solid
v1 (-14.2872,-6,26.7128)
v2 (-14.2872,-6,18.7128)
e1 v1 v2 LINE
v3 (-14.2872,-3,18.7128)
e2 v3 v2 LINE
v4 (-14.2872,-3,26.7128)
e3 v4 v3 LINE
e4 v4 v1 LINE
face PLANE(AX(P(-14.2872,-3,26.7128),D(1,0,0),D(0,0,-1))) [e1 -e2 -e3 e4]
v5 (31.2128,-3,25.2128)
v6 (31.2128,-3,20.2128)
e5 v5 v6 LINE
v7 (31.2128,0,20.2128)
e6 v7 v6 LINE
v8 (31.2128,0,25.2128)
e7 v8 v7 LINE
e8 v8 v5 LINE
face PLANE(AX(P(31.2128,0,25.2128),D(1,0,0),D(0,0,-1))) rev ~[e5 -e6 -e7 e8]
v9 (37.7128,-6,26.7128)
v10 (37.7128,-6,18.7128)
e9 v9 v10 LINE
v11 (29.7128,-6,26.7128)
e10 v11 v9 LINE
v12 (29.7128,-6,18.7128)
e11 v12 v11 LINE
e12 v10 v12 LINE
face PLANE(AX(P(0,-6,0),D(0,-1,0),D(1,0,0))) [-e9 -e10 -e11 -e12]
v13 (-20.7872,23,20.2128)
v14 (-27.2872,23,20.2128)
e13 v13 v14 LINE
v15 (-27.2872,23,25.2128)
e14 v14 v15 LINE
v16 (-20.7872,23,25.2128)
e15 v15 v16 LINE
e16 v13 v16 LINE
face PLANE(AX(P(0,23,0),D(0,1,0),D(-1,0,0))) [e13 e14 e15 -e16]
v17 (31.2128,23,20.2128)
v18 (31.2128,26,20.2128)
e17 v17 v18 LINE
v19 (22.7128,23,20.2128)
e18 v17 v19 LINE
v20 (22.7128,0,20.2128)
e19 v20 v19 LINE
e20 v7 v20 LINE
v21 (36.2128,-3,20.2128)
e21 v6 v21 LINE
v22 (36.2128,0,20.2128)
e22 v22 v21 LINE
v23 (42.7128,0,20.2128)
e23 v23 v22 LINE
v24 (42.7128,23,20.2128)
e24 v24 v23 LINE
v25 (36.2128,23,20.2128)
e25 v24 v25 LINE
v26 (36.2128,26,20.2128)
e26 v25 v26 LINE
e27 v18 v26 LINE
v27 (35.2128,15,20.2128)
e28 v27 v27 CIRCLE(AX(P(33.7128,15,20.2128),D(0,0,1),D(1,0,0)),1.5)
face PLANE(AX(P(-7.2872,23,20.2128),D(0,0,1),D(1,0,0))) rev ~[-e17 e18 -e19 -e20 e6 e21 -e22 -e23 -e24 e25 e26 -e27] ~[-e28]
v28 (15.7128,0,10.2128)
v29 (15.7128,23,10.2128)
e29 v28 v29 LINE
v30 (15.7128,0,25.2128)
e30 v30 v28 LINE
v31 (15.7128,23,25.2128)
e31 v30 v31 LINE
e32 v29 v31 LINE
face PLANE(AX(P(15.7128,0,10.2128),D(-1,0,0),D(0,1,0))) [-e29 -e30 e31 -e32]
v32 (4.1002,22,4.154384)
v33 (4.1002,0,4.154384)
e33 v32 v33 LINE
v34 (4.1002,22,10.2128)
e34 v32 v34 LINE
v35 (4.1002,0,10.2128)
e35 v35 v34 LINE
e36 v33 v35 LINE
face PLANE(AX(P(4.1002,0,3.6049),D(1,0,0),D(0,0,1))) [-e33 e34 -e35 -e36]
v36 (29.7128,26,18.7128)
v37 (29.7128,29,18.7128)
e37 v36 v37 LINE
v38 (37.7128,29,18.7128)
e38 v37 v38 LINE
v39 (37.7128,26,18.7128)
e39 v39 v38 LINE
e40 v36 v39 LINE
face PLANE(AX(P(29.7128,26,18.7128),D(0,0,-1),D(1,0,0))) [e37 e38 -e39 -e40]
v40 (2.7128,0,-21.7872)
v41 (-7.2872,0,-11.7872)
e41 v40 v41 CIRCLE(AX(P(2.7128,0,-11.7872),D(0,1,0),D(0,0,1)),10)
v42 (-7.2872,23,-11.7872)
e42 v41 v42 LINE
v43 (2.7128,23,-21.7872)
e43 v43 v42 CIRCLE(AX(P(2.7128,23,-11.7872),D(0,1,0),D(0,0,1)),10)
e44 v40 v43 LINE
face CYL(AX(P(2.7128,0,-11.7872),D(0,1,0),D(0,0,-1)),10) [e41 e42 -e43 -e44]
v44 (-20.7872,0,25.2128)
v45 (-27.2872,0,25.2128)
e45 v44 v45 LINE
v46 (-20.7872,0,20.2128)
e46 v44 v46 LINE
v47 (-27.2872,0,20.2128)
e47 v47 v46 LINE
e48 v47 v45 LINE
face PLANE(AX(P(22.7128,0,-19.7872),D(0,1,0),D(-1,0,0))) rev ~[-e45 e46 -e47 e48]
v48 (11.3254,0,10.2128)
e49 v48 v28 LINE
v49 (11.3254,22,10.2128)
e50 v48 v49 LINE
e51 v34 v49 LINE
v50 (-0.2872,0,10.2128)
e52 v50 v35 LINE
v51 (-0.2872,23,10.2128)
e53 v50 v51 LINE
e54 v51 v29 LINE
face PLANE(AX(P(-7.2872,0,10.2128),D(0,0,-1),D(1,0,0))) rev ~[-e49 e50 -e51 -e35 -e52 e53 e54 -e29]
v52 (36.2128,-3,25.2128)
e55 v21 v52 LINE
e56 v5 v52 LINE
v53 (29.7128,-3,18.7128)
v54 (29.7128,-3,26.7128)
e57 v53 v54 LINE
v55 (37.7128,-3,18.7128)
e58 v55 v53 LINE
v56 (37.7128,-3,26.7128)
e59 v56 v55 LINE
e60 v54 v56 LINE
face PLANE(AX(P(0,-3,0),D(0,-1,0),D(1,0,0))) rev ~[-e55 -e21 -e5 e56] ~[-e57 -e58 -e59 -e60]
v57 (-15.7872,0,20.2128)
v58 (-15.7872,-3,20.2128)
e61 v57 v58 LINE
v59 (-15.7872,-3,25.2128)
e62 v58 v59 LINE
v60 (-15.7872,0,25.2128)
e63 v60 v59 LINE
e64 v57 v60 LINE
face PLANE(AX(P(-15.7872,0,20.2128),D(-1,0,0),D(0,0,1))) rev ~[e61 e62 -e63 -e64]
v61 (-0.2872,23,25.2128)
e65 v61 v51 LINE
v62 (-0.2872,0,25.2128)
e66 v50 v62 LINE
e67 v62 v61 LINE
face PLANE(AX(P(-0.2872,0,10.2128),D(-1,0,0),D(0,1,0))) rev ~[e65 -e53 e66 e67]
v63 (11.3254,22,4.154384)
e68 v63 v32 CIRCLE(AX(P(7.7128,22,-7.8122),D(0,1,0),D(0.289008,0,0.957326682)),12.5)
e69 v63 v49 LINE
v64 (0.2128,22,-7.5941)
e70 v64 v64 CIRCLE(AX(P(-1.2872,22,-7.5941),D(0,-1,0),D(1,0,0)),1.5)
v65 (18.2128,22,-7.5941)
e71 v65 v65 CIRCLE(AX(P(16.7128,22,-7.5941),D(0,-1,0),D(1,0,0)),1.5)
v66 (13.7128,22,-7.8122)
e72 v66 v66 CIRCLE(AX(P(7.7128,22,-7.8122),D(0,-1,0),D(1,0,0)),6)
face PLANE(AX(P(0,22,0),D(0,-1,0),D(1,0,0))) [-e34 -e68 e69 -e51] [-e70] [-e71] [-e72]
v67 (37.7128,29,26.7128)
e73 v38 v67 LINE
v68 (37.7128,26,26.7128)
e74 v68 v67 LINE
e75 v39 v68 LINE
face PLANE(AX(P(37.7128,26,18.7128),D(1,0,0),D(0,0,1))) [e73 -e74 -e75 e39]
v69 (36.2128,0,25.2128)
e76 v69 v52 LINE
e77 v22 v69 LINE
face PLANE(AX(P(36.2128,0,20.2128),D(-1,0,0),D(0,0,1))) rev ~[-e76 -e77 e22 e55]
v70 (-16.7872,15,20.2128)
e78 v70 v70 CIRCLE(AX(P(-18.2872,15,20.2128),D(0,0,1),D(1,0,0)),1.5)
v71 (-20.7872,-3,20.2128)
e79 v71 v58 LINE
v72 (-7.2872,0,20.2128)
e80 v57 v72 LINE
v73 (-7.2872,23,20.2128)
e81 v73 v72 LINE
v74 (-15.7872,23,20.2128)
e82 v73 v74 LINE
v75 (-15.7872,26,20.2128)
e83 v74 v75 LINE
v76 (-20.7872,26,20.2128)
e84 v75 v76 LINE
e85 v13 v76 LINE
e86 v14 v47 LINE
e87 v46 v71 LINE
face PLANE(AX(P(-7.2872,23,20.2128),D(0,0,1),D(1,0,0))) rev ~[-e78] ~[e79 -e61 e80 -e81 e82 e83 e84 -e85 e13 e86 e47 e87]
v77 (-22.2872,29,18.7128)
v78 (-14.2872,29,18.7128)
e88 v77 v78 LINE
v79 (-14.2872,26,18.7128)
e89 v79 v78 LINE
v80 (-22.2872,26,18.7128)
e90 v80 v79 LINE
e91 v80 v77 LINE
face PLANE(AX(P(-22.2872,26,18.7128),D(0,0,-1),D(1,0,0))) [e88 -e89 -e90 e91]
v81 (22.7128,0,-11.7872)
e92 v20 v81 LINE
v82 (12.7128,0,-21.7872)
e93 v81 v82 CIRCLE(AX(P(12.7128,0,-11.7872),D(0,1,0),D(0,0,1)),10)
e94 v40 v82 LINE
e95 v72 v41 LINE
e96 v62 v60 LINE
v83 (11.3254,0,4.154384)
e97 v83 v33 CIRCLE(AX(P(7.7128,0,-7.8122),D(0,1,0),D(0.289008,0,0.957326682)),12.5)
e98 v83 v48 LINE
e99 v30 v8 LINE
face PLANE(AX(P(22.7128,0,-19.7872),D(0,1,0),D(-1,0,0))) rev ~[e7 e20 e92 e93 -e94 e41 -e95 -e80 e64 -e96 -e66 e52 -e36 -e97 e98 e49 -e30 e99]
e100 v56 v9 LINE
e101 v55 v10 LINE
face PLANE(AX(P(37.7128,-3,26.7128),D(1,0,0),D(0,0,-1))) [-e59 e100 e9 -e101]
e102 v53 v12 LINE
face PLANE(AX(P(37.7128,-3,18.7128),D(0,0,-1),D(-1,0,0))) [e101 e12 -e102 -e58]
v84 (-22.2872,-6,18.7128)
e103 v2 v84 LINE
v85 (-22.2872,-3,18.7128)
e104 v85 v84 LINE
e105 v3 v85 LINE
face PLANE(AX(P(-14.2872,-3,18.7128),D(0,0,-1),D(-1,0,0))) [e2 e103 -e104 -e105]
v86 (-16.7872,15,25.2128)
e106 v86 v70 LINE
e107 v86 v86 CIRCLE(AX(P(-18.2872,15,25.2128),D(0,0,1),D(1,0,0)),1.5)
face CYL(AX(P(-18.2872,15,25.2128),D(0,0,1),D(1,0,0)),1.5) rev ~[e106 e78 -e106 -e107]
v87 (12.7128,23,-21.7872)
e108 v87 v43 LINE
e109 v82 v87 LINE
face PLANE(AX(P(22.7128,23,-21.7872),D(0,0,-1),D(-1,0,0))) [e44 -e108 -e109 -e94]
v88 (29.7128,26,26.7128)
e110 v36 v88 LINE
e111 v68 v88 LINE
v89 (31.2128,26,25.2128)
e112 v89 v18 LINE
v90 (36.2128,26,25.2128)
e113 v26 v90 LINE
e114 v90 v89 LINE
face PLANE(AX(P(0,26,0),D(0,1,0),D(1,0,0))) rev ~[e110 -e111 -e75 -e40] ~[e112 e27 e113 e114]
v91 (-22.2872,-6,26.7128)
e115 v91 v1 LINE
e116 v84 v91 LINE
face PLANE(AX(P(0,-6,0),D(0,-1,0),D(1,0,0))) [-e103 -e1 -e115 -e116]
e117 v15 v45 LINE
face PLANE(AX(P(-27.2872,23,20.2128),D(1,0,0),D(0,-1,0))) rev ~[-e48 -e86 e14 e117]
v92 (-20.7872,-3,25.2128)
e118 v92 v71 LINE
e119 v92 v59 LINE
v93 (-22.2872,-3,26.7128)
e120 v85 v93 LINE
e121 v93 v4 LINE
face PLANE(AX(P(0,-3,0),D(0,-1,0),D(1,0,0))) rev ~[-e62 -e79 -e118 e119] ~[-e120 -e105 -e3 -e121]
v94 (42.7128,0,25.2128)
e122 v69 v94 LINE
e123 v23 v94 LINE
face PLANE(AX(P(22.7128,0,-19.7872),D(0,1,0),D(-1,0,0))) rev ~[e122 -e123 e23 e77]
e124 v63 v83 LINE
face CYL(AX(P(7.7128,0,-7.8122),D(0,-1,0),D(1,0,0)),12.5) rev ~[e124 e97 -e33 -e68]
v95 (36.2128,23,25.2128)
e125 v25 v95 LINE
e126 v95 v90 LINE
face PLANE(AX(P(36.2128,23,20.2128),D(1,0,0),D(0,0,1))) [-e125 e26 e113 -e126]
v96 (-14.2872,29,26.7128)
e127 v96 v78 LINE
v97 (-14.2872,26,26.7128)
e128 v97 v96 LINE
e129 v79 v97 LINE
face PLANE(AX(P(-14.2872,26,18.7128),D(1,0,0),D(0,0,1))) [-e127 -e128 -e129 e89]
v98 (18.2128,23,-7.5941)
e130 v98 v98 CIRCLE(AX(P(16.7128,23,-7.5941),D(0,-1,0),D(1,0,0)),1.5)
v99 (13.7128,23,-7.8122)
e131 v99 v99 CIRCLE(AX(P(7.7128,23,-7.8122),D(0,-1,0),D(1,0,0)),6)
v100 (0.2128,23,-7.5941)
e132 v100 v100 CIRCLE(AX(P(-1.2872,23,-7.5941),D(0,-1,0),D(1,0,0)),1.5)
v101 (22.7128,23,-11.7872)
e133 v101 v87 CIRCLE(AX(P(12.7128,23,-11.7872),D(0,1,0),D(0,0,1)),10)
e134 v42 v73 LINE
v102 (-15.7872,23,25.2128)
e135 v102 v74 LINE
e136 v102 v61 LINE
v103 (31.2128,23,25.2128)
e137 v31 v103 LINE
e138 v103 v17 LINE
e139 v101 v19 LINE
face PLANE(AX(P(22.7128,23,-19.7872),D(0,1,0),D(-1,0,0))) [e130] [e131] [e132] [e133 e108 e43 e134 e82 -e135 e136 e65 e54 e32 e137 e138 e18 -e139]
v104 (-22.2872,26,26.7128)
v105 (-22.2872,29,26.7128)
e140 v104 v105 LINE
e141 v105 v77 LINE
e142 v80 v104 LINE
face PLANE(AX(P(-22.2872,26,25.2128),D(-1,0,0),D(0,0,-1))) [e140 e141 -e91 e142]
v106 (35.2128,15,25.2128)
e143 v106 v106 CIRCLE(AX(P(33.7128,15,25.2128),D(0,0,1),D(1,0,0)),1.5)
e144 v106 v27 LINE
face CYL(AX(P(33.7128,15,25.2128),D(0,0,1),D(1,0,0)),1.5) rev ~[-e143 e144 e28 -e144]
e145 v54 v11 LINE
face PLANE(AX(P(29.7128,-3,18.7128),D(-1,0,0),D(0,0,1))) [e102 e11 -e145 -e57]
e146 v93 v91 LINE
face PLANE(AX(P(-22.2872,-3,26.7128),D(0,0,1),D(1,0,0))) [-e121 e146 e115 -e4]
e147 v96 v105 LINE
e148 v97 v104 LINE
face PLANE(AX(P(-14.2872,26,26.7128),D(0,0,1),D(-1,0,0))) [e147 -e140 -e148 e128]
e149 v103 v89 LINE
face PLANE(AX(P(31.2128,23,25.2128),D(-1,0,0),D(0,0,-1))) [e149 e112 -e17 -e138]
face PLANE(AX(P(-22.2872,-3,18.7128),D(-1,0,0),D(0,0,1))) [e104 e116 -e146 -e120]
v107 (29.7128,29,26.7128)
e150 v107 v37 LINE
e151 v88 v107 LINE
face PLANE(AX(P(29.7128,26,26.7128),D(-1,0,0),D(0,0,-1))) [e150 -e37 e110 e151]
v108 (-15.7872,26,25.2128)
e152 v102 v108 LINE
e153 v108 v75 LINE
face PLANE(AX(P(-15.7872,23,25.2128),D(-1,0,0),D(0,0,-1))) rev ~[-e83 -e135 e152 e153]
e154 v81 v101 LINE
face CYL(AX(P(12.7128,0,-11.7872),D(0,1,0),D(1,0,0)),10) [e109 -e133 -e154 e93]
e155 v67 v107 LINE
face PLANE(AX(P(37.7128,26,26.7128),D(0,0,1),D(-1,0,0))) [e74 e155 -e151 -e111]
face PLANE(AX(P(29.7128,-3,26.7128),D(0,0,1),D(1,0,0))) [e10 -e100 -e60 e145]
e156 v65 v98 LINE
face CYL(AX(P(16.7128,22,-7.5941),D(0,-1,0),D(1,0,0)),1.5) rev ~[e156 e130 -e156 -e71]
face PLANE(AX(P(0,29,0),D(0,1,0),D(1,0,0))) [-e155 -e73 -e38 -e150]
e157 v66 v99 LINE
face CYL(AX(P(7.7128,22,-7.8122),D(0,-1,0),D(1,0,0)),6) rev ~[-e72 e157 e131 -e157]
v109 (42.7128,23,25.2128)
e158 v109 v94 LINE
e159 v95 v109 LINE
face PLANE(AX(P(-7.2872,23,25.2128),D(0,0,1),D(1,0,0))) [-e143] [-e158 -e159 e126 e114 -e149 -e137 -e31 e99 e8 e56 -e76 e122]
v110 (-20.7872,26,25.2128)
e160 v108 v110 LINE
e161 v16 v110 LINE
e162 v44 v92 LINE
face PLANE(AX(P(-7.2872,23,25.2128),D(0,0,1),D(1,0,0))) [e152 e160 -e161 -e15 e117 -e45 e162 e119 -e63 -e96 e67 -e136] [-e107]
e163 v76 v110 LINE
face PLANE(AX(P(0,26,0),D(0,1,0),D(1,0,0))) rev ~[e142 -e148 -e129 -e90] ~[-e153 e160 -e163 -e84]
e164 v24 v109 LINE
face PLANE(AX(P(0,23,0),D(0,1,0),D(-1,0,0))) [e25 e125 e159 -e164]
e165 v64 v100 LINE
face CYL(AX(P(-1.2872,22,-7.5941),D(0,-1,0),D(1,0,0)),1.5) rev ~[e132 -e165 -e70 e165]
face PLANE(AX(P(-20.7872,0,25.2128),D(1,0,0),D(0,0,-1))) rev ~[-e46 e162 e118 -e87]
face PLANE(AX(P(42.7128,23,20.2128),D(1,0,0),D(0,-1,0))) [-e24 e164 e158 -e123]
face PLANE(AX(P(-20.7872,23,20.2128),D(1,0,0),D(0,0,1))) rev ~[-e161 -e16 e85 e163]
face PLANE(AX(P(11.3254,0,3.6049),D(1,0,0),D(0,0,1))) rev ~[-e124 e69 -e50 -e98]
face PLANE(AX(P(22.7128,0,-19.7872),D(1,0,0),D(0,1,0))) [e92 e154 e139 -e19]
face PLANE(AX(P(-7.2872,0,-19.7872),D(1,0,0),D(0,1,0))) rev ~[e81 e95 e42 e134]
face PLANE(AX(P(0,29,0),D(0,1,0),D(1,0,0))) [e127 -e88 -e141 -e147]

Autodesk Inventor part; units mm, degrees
ref_plane "YZ Plane" through (0, 0, 0) normal (1, 0, 0) x (0, 1, 0)
ref_plane "XZ Plane" through (0, 0, 0) normal (0, 1, 0) x (-1, 0, 0)
ref_plane "XY Plane" through (0, 0, 0) normal (0, 0, 1) x (1, 0, 0)
sketch "Esquisse1" plane through (0, 0, 0) normal (0, 1, 0) x (-1, 0, 0)
  line L0 (7.2872, 10.2128) -> (-22.7128, 10.2128)
  line L1 (-22.7128, 10.2128) -> (-22.7128, -19.7872)
  line L2 (-22.7128, -19.7872) -> (7.2872, -19.7872)
  line L3 (7.2872, -19.7872) -> (7.2872, 10.2128)
  point P0 (0, 0)
  dimension "d0" = 30
  dimension "d1" = 30
extrude "Extrusion1" add sketch "Esquisse1" along normal blind 23
ref_plane "Plan médian" through (7.7128, 0, 10.2128) normal (1, 0, 0) x (0, 0, -1)
sketch "Esquisse4" plane through (0, 0, 0) normal (0, -1, 0) x (1, 0, 0)
  circle A0 centre (7.7128, -7.8122) radius 11.975 projected
  line L0 (-7.2872, 10.2128) -> (22.7128, 10.2128) projected
  line L1 (4.1002, 3.6049) -> (4.1002, 10.2128)
  line L2 (11.3254, 3.6049) -> (11.3254, 10.2128)
  point P0 (0, 0)
extrude "Extrusion2" cut sketch "Esquisse4" against normal blind 22
sketch "Esquisse5" plane through (0, 22, 0) normal (0, -1, 0) x (1, 0, 0)
  circle A0 centre (7.7128, -7.8122) radius 6 projected
  circle A1 centre (16.7128, -7.5941) radius 1.5
  circle A2 centre (-1.2872, -7.5941) radius 1.5
  point P0 (0, 0)
  dimension "d66" = 3
  dimension "d67" = 3
  dimension "d68" = 9
  dimension "d69" = 9
extrude "Extrusion3" cut sketch "Esquisse5" against normal through all
sketch "Esquisse6" plane through (-7.2872, 23, 10.2128) normal (0, 0, 1) x (1, 0, 0)
  line L0 (0, -23) -> (11.3874, -23) projected
  line L1 (5.9558, 0) -> (8.4558, 0) projected
  line L2 (0, -23) -> (7, -23)
  line L3 (7, -23) -> (7, 0)
  line L4 (7, 0) -> (0, 0)
  line L5 (0, 0) -> (0, -23)
  line L6 (30, -23) -> (30, 0) projected
  line L7 (0, 0) -> (30, 0) projected
  line L8 (30, -23) -> (23, -23)
  line L9 (23, -23) -> (23, 0)
  line L10 (23, 0) -> (30, 0)
  line L11 (30, 0) -> (30, -23)
  point P0 (7.2872, -23)
  point P1 (12, -23)
  point P2 (11.5355, -23)
  dimension "d8" = 7
  dimension "d9" = 7
extrude "Extrusion4" add sketch "Esquisse6" along normal blind 10
sketch "Esquisse7" plane through (-7.2872, 23, 20.2128) normal (0, 0, 1) x (1, 0, 0)
  line L0 (7, 0) -> (-20, 0)
  line L1 (-20, 0) -> (-20, -23)
  line L2 (-20, -23) -> (7, -23)
  line L3 (7, -23) -> (7, 0)
  line L4 (30, 0) -> (0, 0) projected
  line L5 (23, 0) -> (50, 0)
  line L6 (50, 0) -> (50, -23)
  line L7 (50, -23) -> (23, -23)
  line L8 (23, -23) -> (23, 0)
  line L9 (0, 0) -> (0, -23) projected
  line L10 (30, -23) -> (30, 0) projected
  point P0 (7.2872, -23)
  dimension "d12" = 20
  dimension "d13" = 20
extrude "Extrusion5" add sketch "Esquisse7" along normal blind 5
sketch "Esquisse8" plane through (0, 23, 0) normal (0, 1, 0) x (1, 0, 0)
  line L0 (36.2128, -25.2128) -> (31.2128, -25.2128)
  line L1 (31.2128, -25.2128) -> (31.2128, -20.2128)
  line L2 (31.2128, -20.2128) -> (36.2128, -20.2128)
  line L3 (36.2128, -20.2128) -> (36.2128, -25.2128)
  line L4 (42.7128, -20.2128) -> (42.7128, -25.2128) projected
  line L5 (42.7128, -20.2128) -> (22.7128, -20.2128) projected
  line L6 (-0.2872, -25.2128) -> (-27.2872, -25.2128) projected
  line L7 (-27.2872, -20.2128) -> (-27.2872, -25.2128) projected
  line L8 (-20.7872, -25.2128) -> (-15.7872, -25.2128)
  line L9 (-15.7872, -25.2128) -> (-15.7872, -20.2128)
  line L10 (-15.7872, -20.2128) -> (-20.7872, -20.2128)
  line L11 (-20.7872, -20.2128) -> (-20.7872, -25.2128)
  line L12 (-7.2872, -20.2128) -> (-27.2872, -20.2128) projected
  point P0 (0, 0)
  point P1 (-0.4939, -25.2128)
  dimension "d16" = 6.5
  dimension "d17" = 5
  dimension "d18" = 5
  dimension "d19" = 0
  dimension "d53" = 5
  dimension "d54" = 5
  dimension "d55" = 0
  dimension "d57" = 6.5
extrude "Extrusion6" add sketch "Esquisse8" along normal blind 3 contours L0 L1 L2 L3 | L6 L11 L10 L9
sketch "Esquisse9" plane through (0, 26, 0) normal (0, 1, 0) x (1, 0, 0)
  line L0 (37.7128, -26.7128) -> (29.7128, -26.7128)
  line L1 (29.7128, -26.7128) -> (29.7128, -18.7128)
  line L2 (29.7128, -18.7128) -> (37.7128, -18.7128)
  line L3 (37.7128, -18.7128) -> (37.7128, -26.7128)
  line L4 (42.7128, -20.2128) -> (42.7128, -25.2128) projected
  line L5 (-27.2872, -25.2128) -> (-0.2872, -25.2128) projected
  line L6 (-27.2872, -20.2128) -> (-27.2872, -25.2128) projected
  line L7 (31.2128, -25.2128) -> (15.7128, -25.2128) projected
  line L8 (-14.2872, -26.7128) -> (-22.2872, -26.7128)
  line L9 (-22.2872, -26.7128) -> (-22.2872, -18.7128)
  line L10 (-22.2872, -18.7128) -> (-14.2872, -18.7128)
  line L11 (-14.2872, -18.7128) -> (-14.2872, -26.7128)
  point P0 (0, 0)
  point P1 (-13.7872, -25.2128)
  dimension "d25" = 8
  dimension "d26" = 5
  dimension "d59" = 8
  dimension "d60" = 1.5
  dimension "d62" = 5
  dimension "d63" = 1.5
  dimension "d64" = 8
  dimension "d65" = 8
extrude "Extrusion7" add sketch "Esquisse9" along normal blind 3
sketch "Esquisse10" plane through (22.7128, 23, -19.7872) normal (0, 0, -1) x (-1, 0, 0)
  line L0 (0, -23) -> (15, -23) projected
  line L1 (15, -23) -> (15, -1) projected
  line L2 (15, -23) -> (30, -23) projected
  line L3 (30, -23) -> (30, 0) projected
  line L4 (0, 0) -> (30, 0) projected
  line L5 (0, -23) -> (0, 0) projected
  line L6 (0, 0) -> (30, 0)
  line L7 (30, 0) -> (30, -23)
  line L8 (30, -23) -> (0, -23)
  line L9 (0, -23) -> (0, 0)
  point P0 (22.7128, -23)
extrude "Extrusion8" add sketch "Esquisse10" along normal blind 2
fillet "Congé1" radius 10 2 edges at (22.7128, 11.5, -21.7872) (-7.2872, 11.5, -21.7872)
sketch "Esquisse12" plane through (0, 0, 0) normal (0, -1, 0) x (1, 0, 0)
  arc A0 (4.1002, 3.6049) -> (11.3254, 3.6049) centre (7.7128, -7.8122) ccw projected
  circle A1 centre (7.7128, -7.8122) radius 12.5
  point P0 (0, 0)
  dimension "d42" = 25
extrude "Extrusion10" cut sketch "Esquisse12" against normal up to surface (22 mm away)
sketch "Esquisse13" plane through (-7.2872, 23, 25.2128) normal (0, 0, 1) x (1, 0, 0)
  circle A0 centre (-11, -8) radius 1.5
  circle A1 centre (41, -8) radius 1.5
  line L0 (7, 0) -> (-20, 0) projected
  line L1 (-20, 0) -> (-20, -23) projected
  line L2 (50, 0) -> (23, 0) projected
  line L3 (50, -23) -> (50, 0) projected
  point P0 (7.2872, -23)
  dimension "d45" = 3
  dimension "d46" = 3
  dimension "d49" = 8
  dimension "d50" = 9
  dimension "d51" = 8
  dimension "d52" = 9
extrude "Extrusion11" cut sketch "Esquisse13" against normal through all
sketch "Esquisse14" plane through (0, 0, 0) normal (0, -1, 0) x (1, 0, 0)
  line L0 (-27.2872, 20.2128) -> (-7.2872, 20.2128) projected
  line L1 (-27.2872, 25.2128) -> (-0.2872, 25.2128) projected
  line L2 (-20.7872, 20.2128) -> (-15.7872, 20.2128)
  line L3 (-15.7872, 20.2128) -> (-15.7872, 25.2128)
  line L4 (-15.7872, 25.2128) -> (-20.7872, 25.2128)
  line L5 (-20.7872, 25.2128) -> (-20.7872, 20.2128)
  line L6 (-27.2872, 20.2128) -> (-27.2872, 25.2128) projected
  line L7 (15.7128, 25.2128) -> (42.7128, 25.2128) projected
  line L8 (31.2128, 20.2128) -> (36.2128, 20.2128)
  line L9 (36.2128, 20.2128) -> (36.2128, 25.2128)
  line L10 (36.2128, 25.2128) -> (31.2128, 25.2128)
  line L11 (31.2128, 25.2128) -> (31.2128, 20.2128)
  line L12 (42.7128, 20.2128) -> (42.7128, 25.2128) projected
  point P0 (0, 0)
  dimension "d70" = 6.5
  dimension "d71" = 5
  dimension "d72" = 6.5
  dimension "d73" = 5
  dimension "d74" = 5
extrude "Extrusion12" add sketch "Esquisse14" along normal blind 3 contours L5 L1 L3 L0 | L7 L9 L8 L11
sketch "Esquisse17" plane through (0, -3, 0) normal (0, -1, 0) x (1, 0, 0)
  line L0 (37.7128, 18.7128) -> (29.7128, 18.7128)
  line L1 (29.7128, 18.7128) -> (29.7128, 26.7128)
  line L2 (29.7128, 26.7128) -> (37.7128, 26.7128)
  line L3 (37.7128, 26.7128) -> (37.7128, 18.7128)
  line L4 (-14.2872, 18.7128) -> (-22.2872, 18.7128)
  line L5 (-22.2872, 18.7128) -> (-22.2872, 26.7128)
  line L6 (-22.2872, 26.7128) -> (-14.2872, 26.7128)
  line L7 (-14.2872, 26.7128) -> (-14.2872, 18.7128)
  line L8 (-27.2872, 20.2128) -> (-27.2872, 25.2128) projected
  line L9 (-20.7872, 20.2128) -> (-15.7872, 20.2128) projected
  line L10 (42.7128, 20.2128) -> (42.7128, 25.2128) projected
  line L11 (31.2128, 20.2128) -> (36.2128, 20.2128) projected
  point P0 (0, 0)
  dimension "d86" = 5
  dimension "d87" = 8
  dimension "d88" = 8
  dimension "d89" = 1.5
  dimension "d90" = 5
  dimension "d91" = 8
  dimension "d92" = 8
  dimension "d93" = 1.5
extrude "Extrusion14" add sketch "Esquisse17" along normal blind 3
properties part number "support_codeur"
